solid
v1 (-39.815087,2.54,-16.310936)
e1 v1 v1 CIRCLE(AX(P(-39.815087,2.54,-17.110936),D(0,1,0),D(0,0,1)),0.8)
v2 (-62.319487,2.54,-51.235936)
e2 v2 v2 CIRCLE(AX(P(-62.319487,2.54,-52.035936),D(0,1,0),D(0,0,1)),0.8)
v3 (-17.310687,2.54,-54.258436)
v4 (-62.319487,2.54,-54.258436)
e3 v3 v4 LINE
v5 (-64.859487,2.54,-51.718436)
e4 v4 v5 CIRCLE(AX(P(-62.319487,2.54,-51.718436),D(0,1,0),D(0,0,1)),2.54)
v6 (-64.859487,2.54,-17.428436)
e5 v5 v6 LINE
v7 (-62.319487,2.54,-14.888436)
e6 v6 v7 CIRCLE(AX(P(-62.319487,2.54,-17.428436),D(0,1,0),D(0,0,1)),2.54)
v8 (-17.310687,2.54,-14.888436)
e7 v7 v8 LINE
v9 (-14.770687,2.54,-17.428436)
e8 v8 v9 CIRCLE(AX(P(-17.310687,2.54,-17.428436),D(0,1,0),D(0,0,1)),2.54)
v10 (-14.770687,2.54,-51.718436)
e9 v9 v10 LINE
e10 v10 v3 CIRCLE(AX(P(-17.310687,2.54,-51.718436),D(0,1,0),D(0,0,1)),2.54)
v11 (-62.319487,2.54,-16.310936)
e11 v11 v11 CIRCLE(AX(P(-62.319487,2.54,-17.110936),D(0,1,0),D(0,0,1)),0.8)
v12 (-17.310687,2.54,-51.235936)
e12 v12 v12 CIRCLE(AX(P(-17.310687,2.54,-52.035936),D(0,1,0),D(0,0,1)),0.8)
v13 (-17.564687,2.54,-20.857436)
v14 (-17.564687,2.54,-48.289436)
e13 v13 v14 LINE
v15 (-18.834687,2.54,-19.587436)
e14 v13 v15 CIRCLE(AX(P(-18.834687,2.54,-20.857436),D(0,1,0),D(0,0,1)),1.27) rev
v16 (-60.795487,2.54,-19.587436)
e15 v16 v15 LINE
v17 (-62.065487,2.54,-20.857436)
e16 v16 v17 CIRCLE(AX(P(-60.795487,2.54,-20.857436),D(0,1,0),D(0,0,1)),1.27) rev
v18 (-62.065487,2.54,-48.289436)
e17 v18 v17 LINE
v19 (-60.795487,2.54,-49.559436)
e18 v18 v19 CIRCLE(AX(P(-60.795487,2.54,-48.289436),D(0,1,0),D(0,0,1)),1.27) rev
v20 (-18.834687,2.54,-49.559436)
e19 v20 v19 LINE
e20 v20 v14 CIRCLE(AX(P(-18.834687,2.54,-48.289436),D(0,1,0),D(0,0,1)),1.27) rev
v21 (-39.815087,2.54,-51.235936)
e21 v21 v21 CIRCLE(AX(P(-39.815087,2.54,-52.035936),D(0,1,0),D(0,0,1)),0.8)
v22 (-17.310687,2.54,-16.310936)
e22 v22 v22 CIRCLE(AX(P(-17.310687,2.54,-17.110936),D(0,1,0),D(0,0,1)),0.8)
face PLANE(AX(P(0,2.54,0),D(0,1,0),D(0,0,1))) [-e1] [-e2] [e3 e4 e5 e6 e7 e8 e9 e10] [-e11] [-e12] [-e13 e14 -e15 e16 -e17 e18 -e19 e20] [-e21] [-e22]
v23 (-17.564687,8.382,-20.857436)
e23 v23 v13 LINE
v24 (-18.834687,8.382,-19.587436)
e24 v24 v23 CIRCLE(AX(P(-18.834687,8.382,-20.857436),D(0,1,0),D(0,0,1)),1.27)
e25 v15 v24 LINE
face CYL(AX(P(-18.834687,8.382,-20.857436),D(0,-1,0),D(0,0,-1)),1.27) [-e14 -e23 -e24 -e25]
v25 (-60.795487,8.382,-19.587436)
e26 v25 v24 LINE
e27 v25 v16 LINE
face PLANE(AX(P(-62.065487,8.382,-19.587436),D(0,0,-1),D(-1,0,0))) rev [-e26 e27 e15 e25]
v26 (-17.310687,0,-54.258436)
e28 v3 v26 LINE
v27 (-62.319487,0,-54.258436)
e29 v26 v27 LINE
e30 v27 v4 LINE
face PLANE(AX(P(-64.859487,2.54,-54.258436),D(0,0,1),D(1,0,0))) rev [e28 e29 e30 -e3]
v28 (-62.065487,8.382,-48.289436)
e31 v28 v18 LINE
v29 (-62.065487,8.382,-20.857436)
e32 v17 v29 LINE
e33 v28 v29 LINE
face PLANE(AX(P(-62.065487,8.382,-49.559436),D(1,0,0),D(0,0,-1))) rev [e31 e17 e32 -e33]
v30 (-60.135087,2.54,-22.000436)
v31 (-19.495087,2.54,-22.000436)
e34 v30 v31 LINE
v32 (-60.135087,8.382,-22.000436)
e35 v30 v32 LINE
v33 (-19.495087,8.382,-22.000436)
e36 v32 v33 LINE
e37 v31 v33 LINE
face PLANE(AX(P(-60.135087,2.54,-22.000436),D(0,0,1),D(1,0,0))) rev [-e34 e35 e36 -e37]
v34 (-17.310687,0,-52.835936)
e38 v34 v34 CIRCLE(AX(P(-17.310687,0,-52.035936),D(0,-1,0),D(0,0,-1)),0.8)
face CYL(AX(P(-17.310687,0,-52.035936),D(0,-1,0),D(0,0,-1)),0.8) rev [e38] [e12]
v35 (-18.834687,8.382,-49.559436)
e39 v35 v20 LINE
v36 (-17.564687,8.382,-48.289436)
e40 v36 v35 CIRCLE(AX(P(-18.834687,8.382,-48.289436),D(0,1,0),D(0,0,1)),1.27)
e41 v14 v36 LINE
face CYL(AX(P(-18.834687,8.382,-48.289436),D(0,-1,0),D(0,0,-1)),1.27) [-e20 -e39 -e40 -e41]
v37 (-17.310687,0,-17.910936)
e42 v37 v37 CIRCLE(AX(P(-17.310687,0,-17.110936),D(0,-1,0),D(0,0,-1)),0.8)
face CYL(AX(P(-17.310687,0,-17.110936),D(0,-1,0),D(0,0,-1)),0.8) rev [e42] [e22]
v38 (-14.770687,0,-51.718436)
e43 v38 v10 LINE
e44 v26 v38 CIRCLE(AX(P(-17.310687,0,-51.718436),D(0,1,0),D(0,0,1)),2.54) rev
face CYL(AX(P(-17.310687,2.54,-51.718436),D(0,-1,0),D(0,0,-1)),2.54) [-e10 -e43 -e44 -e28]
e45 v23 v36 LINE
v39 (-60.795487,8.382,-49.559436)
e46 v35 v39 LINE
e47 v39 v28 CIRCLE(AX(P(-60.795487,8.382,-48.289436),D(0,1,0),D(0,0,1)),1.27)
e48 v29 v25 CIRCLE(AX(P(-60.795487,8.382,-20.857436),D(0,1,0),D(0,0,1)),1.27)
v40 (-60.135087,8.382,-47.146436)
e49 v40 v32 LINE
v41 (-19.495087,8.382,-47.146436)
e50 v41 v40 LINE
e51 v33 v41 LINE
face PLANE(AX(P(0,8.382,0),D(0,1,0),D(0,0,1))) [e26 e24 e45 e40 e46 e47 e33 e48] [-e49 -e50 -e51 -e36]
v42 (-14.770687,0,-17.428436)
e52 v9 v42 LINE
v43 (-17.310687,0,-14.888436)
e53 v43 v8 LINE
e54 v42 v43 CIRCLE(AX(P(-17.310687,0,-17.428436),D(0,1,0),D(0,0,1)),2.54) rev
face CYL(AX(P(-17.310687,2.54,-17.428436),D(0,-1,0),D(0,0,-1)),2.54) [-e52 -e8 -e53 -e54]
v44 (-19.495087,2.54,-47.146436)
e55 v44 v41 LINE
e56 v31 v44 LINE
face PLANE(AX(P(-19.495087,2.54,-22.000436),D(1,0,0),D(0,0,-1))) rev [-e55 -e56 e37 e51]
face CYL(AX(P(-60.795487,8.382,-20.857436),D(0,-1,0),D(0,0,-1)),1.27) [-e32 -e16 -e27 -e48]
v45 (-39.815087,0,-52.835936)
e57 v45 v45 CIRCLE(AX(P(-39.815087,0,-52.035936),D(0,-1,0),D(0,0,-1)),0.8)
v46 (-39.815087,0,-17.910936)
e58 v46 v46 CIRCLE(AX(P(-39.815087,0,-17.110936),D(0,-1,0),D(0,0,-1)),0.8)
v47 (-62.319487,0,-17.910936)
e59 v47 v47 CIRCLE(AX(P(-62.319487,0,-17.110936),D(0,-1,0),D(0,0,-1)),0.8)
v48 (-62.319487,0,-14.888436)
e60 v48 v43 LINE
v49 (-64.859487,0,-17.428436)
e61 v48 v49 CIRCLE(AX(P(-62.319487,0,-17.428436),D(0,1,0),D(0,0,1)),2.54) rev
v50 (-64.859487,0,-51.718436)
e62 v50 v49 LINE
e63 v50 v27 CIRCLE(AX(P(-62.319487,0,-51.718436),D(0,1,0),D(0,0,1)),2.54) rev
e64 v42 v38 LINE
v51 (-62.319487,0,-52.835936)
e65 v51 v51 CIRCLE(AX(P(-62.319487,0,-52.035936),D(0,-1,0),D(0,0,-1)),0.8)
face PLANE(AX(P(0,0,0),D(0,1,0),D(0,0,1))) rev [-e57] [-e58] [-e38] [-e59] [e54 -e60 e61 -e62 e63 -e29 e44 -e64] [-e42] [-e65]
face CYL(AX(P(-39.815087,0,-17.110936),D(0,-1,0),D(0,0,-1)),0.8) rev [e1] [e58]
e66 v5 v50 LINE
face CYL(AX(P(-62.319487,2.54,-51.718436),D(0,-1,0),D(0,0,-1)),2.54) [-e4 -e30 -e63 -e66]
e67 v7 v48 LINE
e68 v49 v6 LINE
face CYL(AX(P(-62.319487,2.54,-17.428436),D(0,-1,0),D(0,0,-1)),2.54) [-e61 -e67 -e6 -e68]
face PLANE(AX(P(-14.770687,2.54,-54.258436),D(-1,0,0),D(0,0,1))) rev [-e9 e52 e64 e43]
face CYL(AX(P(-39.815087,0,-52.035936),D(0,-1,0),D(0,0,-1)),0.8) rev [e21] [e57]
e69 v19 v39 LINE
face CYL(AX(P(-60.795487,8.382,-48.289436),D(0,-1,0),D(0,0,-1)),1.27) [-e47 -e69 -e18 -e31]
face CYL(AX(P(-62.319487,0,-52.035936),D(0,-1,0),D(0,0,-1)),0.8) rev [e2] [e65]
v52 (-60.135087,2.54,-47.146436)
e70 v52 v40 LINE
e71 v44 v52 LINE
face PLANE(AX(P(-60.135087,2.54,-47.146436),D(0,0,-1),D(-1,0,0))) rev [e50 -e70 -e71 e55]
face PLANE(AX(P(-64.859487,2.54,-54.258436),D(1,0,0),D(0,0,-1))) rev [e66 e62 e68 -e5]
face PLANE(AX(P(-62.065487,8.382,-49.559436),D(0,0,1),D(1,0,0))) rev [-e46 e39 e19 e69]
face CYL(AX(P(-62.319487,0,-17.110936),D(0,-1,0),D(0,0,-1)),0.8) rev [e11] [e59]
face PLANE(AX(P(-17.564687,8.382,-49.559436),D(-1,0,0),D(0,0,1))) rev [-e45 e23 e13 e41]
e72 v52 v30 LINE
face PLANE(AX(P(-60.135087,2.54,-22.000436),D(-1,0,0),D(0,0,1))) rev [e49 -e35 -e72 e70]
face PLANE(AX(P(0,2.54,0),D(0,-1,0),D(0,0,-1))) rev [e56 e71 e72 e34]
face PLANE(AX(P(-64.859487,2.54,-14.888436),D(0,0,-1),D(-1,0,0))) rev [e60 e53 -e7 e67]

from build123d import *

# Parameters (mm, degrees)
SKETCH1_W                  = 50.0888
SKETCH1_H                  = 39.37
BOSS_EXTRUDE1_DEPTH        = 2.54
SKETCH2_W                  = 44.5008
SKETCH2_H                  = 29.972
BOSS_EXTRUDE2_DEPTH        = 5.842
FILLET1_R                  = 2.54
FILLET2_R                  = 1.27
F_1_6_1_6_DIAMETER_HOLE1_D = 1.6
SKETCH5_W                  = 40.64
SKETCH5_H                  = 25.146
CUT_EXTRUDE1_DEPTH         = 5.842


with BuildPart() as part:
    # Sketch1 → Boss-Extrude1 (new body)
    with BuildSketch(Plane(origin=(0, 0, 0), x_dir=(1, 0, 0), z_dir=(0, 1, 0))):
        with Locations((-39.815086883, 34.57343553)):
            Rectangle(SKETCH1_W, SKETCH1_H)
    extrude(amount=BOSS_EXTRUDE1_DEPTH)

    # Sketch2 → Boss-Extrude2 (add)
    with BuildSketch(Plane(origin=(0, 2.54, 0), x_dir=(1, 0, 0), z_dir=(0, 1, 0))):
        with Locations((-39.815086883, 34.57343553)):
            Rectangle(SKETCH2_W, SKETCH2_H)
    extrude(amount=BOSS_EXTRUDE2_DEPTH)

    # Fillet1
    fillet1_edges = [part.edges().sort_by_distance(p)[0] for p in [
        (-64.859486883, 1.27, -54.25843553),
        (-14.770686883, 1.27, -54.25843553),
        (-14.770686883, 1.27, -14.88843553),
        (-64.859486883, 1.27, -14.88843553),
    ]]
    fillet(fillet1_edges, radius=FILLET1_R)

    # Fillet2
    fillet2_edges = [part.edges().sort_by_distance(p)[0] for p in [
        (-62.065486883, 5.461, -49.55943553),
        (-62.065486883, 5.461, -19.58743553),
        (-17.564686883, 5.461, -19.58743553),
        (-17.564686883, 5.461, -49.55943553),
    ]]
    fillet(fillet2_edges, radius=FILLET2_R)

    # Ø1.6 (1.6) Diameter Hole1 (through all)
    with Locations(Plane(origin=(0, 0, 0), x_dir=(-1, 0, 0), z_dir=(0, -1, 0))):
        with Locations((62.319486883, 17.11093553), (39.815086883, 17.11093553), (17.310686883, 17.11093553), (17.310686883, 52.03593553), (39.815086883, 52.03593553), (62.319486883, 52.03593553)):
            Hole(F_1_6_1_6_DIAMETER_HOLE1_D / 2)

    # Sketch5 → Cut-Extrude1 (cut)
    with BuildSketch(Plane(origin=(0, 8.382, 0), x_dir=(1, 0, 0), z_dir=(0, 1, 0))):
        with Locations((-39.815086883, 34.57343553)):
            Rectangle(SKETCH5_W, SKETCH5_H)
    extrude(amount=-CUT_EXTRUDE1_DEPTH, mode=Mode.SUBTRACT)


solid = part.part
